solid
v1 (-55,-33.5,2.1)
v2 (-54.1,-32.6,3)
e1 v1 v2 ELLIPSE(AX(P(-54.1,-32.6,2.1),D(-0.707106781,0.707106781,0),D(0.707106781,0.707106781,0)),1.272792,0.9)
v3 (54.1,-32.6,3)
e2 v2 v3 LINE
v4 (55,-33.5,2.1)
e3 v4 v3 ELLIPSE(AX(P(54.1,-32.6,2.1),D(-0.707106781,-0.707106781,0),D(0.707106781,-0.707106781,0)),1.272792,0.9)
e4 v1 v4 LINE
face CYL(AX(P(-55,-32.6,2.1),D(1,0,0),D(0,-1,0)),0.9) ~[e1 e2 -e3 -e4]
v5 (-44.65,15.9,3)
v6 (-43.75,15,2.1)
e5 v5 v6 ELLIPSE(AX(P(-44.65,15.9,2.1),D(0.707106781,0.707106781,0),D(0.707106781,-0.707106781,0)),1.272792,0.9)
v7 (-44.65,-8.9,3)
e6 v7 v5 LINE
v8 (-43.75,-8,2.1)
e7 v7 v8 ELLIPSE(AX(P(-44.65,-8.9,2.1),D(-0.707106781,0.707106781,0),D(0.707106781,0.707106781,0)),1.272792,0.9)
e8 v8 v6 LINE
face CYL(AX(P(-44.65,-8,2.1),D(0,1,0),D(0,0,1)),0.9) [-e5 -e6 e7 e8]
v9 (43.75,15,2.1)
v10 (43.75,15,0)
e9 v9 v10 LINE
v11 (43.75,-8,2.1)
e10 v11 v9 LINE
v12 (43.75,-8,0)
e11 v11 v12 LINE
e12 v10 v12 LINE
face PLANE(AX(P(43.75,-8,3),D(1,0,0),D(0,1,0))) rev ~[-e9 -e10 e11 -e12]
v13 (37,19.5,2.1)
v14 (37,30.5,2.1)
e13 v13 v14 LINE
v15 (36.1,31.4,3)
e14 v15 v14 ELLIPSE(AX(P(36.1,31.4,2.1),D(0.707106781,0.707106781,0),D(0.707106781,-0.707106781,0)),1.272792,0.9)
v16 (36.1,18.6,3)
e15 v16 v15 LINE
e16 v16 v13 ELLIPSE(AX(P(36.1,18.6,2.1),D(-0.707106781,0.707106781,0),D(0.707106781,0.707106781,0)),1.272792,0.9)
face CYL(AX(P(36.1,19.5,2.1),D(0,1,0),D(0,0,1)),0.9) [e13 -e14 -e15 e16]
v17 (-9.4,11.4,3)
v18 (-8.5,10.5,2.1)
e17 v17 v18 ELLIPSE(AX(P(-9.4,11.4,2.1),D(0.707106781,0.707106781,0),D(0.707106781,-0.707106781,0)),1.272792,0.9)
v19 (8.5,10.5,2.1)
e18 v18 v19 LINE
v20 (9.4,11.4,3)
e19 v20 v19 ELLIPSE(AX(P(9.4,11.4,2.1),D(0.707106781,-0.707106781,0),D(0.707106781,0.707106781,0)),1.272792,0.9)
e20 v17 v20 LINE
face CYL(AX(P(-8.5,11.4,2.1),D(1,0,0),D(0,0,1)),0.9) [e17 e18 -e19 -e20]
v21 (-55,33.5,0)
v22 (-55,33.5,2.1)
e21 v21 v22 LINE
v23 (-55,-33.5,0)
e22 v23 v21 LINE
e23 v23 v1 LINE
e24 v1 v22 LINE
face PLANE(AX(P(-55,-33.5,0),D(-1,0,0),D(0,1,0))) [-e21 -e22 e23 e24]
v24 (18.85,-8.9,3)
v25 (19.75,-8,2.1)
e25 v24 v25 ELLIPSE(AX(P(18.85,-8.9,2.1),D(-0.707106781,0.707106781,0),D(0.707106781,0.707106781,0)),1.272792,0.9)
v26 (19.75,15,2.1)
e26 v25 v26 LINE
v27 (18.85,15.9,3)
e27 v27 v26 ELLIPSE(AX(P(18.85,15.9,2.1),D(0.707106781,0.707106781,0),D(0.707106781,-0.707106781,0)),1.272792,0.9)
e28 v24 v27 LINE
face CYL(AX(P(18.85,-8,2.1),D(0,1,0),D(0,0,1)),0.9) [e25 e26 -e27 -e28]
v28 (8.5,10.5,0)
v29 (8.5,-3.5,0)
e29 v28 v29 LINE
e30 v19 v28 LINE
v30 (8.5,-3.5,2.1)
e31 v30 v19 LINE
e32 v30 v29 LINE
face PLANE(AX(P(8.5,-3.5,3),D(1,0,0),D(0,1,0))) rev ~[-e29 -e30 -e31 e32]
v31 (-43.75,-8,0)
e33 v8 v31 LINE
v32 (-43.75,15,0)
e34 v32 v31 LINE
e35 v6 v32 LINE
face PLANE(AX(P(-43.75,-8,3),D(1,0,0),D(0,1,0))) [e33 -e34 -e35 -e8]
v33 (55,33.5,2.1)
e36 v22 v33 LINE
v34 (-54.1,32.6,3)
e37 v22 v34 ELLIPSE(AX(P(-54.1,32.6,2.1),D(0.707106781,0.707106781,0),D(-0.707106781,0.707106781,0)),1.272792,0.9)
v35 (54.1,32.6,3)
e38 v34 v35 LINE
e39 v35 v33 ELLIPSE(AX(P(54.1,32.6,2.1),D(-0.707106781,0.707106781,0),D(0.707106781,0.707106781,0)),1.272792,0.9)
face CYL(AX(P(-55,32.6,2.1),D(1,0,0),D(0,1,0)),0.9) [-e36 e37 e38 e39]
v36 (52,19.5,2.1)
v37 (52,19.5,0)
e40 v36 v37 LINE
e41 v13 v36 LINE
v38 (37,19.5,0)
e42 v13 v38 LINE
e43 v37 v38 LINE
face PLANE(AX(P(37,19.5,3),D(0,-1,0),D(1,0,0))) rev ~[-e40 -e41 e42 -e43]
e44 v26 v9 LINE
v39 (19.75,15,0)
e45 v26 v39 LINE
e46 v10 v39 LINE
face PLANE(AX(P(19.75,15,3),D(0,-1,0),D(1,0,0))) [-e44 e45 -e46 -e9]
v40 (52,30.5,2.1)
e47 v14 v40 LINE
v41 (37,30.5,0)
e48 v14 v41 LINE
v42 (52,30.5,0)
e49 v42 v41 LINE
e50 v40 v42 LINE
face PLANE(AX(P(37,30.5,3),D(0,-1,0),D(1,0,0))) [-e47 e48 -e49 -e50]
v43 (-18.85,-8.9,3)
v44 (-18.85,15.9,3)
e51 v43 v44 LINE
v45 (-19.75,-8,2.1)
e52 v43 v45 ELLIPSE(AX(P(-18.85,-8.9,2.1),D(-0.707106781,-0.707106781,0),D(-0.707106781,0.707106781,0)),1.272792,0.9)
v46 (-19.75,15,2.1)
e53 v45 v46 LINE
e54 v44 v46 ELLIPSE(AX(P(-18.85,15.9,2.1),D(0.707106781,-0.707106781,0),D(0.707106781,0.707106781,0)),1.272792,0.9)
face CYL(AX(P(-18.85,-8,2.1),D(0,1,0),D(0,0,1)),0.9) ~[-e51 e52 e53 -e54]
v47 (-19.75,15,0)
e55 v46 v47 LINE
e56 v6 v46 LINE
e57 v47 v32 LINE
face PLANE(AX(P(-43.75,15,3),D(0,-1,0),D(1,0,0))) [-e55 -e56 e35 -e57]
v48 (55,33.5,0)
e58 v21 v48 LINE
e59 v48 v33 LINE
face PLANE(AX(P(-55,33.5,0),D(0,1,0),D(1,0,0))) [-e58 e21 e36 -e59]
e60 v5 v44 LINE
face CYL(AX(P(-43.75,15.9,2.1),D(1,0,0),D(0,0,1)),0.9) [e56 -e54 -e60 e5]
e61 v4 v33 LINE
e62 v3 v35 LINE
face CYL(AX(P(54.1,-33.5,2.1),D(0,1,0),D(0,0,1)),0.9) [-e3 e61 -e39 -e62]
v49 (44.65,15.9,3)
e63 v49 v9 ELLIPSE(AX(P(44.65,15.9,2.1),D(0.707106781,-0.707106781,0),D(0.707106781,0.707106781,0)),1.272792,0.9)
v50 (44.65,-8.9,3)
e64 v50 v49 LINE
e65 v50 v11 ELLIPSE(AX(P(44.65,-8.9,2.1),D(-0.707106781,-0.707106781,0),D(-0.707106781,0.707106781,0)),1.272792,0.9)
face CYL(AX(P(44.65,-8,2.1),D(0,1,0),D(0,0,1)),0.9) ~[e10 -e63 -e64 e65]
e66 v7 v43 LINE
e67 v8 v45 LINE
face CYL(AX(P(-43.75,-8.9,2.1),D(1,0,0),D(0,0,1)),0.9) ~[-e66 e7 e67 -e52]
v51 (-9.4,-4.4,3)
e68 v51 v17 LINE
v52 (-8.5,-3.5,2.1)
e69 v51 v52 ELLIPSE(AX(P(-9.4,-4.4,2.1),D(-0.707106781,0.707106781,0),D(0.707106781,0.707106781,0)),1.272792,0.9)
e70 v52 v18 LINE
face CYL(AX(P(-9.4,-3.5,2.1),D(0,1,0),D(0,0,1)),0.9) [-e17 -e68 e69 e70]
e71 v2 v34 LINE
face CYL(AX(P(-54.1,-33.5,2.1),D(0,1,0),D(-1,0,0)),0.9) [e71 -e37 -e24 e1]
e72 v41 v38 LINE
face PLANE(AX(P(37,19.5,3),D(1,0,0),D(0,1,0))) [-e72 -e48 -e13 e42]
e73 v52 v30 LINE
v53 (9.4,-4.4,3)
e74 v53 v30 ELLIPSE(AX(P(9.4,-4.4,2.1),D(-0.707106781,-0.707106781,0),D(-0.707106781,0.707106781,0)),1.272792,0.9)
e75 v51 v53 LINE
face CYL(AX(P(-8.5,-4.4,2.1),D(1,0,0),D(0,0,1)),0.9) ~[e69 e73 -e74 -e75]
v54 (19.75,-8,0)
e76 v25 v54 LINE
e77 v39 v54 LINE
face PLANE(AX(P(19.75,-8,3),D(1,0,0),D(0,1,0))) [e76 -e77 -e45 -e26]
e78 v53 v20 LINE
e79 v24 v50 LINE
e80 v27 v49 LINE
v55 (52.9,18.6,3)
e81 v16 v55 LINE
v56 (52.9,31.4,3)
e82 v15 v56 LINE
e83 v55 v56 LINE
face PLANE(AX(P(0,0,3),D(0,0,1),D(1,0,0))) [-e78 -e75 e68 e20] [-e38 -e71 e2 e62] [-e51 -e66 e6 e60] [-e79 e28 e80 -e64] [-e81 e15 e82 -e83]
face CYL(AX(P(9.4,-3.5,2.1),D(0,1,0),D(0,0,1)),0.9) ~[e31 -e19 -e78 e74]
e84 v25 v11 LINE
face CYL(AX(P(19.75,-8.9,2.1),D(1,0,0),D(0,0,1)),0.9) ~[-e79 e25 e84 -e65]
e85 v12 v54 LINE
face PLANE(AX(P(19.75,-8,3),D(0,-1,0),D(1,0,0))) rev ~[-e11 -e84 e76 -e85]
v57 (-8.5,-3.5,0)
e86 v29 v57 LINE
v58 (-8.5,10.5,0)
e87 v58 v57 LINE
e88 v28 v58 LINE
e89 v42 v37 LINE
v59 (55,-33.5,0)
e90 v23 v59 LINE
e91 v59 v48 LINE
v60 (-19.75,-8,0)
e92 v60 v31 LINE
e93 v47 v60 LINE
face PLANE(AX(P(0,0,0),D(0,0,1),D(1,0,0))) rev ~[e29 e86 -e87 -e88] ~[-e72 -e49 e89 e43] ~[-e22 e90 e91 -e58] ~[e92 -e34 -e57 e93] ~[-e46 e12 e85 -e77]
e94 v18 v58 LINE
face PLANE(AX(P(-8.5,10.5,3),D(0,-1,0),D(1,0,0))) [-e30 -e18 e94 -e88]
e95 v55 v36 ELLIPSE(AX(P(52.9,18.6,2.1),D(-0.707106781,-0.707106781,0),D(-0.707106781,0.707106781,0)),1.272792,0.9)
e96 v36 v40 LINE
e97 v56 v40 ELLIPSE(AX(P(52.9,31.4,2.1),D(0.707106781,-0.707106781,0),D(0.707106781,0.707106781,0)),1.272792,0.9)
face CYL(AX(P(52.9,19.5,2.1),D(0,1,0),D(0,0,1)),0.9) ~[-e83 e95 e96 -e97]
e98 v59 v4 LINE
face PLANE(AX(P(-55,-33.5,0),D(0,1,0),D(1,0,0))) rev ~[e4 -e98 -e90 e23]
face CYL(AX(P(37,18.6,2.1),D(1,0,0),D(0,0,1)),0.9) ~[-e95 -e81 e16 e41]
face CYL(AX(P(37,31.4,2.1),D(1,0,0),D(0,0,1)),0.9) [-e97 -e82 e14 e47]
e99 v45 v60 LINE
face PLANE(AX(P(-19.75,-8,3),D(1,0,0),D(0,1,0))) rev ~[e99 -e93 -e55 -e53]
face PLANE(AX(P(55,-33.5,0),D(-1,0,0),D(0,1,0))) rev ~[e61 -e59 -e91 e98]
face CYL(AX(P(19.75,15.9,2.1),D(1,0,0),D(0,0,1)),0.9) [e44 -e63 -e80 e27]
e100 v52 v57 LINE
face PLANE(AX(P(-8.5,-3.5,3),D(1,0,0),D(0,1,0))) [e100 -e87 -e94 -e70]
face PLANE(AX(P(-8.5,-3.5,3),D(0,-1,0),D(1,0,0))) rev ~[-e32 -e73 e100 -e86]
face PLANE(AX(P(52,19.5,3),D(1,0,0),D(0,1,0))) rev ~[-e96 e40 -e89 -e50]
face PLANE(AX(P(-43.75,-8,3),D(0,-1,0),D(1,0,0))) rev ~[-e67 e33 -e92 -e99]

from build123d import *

# Parameters (mm, degrees)
SKETCH1_W           = 110
SKETCH1_H           = 67
BOSS_EXTRUDE1_DEPTH = 3
CUT_EXTRUDE1_REACH  = 66.469
SKETCH2_W           = 24
SKETCH2_H           = 23
SKETCH2_W_2         = 17
SKETCH2_H_2         = 14
SKETCH2_W_3         = 15
SKETCH2_H_3         = 11
FILLET1_R           = 0.9


with BuildPart() as part:
    # Sketch1 → Boss-Extrude1 (new body)
    with BuildSketch(Plane.XY):
        Rectangle(SKETCH1_W, SKETCH1_H)
    extrude(amount=BOSS_EXTRUDE1_DEPTH)

    # Sketch2 → Cut-Extrude1 (cut, up to next)
    with BuildSketch(Plane.XY.offset(3), mode=Mode.PRIVATE) as cut_extrude1_sk1:
        with Locations((-31.75, 3.5)):
            Rectangle(SKETCH2_W, SKETCH2_H)
    cut_extrude1_tool1 = extrude(cut_extrude1_sk1.sketch, amount=-CUT_EXTRUDE1_REACH, mode=Mode.PRIVATE) & part.part
    # Sketch2 → Cut-Extrude1 (cut, up to next)
    with BuildSketch(Plane.XY.offset(3), mode=Mode.PRIVATE) as cut_extrude1_sk2:
        with Locations((0, 3.5)):
            Rectangle(SKETCH2_W_2, SKETCH2_H_2)
    cut_extrude1_tool2 = extrude(cut_extrude1_sk2.sketch, amount=-CUT_EXTRUDE1_REACH, mode=Mode.PRIVATE) & part.part
    # Sketch2 → Cut-Extrude1 (cut, up to next)
    with BuildSketch(Plane.XY.offset(3), mode=Mode.PRIVATE) as cut_extrude1_sk3:
        with Locations((31.75, 3.5)):
            Rectangle(SKETCH2_W, SKETCH2_H)
    cut_extrude1_tool3 = extrude(cut_extrude1_sk3.sketch, amount=-CUT_EXTRUDE1_REACH, mode=Mode.PRIVATE) & part.part
    # Sketch2 → Cut-Extrude1 (cut, up to next)
    with BuildSketch(Plane.XY.offset(3), mode=Mode.PRIVATE) as cut_extrude1_sk4:
        with Locations((44.5, 25)):
            Rectangle(SKETCH2_W_3, SKETCH2_H_3)
    cut_extrude1_tool4 = extrude(cut_extrude1_sk4.sketch, amount=-CUT_EXTRUDE1_REACH, mode=Mode.PRIVATE) & part.part
    add(cut_extrude1_tool1.solids().sort_by_distance((-31.75, 3.5, 3))[0], mode=Mode.SUBTRACT)
    add(cut_extrude1_tool2.solids().sort_by_distance((0, 3.5, 3))[0], mode=Mode.SUBTRACT)
    add(cut_extrude1_tool3.solids().sort_by_distance((31.75, 3.5, 3))[0], mode=Mode.SUBTRACT)
    add(cut_extrude1_tool4.solids().sort_by_distance((44.5, 25, 3))[0], mode=Mode.SUBTRACT)

    # Fillet1
    fillet1_edges = [part.edges().sort_by_distance(p)[0] for p in [
        (-55, 0, 3),
        (0, -33.5, 3),
        (-19.75, 3.5, 3),
        (-31.75, 15, 3),
        (-43.75, 3.5, 3),
        (-31.75, -8, 3),
        (8.5, 3.5, 3),
        (0, 10.5, 3),
        (-8.5, 3.5, 3),
        (0, -3.5, 3),
        (43.75, 3.5, 3),
        (31.75, 15, 3),
        (19.75, 3.5, 3),
        (31.75, -8, 3),
        (52, 25, 3),
        (44.5, 30.5, 3),
        (37, 25, 3),
        (44.5, 19.5, 3),
        (55, 0, 3),
        (0, 33.5, 3),
    ]]
    fillet(fillet1_edges, radius=FILLET1_R)


solid = part.part
